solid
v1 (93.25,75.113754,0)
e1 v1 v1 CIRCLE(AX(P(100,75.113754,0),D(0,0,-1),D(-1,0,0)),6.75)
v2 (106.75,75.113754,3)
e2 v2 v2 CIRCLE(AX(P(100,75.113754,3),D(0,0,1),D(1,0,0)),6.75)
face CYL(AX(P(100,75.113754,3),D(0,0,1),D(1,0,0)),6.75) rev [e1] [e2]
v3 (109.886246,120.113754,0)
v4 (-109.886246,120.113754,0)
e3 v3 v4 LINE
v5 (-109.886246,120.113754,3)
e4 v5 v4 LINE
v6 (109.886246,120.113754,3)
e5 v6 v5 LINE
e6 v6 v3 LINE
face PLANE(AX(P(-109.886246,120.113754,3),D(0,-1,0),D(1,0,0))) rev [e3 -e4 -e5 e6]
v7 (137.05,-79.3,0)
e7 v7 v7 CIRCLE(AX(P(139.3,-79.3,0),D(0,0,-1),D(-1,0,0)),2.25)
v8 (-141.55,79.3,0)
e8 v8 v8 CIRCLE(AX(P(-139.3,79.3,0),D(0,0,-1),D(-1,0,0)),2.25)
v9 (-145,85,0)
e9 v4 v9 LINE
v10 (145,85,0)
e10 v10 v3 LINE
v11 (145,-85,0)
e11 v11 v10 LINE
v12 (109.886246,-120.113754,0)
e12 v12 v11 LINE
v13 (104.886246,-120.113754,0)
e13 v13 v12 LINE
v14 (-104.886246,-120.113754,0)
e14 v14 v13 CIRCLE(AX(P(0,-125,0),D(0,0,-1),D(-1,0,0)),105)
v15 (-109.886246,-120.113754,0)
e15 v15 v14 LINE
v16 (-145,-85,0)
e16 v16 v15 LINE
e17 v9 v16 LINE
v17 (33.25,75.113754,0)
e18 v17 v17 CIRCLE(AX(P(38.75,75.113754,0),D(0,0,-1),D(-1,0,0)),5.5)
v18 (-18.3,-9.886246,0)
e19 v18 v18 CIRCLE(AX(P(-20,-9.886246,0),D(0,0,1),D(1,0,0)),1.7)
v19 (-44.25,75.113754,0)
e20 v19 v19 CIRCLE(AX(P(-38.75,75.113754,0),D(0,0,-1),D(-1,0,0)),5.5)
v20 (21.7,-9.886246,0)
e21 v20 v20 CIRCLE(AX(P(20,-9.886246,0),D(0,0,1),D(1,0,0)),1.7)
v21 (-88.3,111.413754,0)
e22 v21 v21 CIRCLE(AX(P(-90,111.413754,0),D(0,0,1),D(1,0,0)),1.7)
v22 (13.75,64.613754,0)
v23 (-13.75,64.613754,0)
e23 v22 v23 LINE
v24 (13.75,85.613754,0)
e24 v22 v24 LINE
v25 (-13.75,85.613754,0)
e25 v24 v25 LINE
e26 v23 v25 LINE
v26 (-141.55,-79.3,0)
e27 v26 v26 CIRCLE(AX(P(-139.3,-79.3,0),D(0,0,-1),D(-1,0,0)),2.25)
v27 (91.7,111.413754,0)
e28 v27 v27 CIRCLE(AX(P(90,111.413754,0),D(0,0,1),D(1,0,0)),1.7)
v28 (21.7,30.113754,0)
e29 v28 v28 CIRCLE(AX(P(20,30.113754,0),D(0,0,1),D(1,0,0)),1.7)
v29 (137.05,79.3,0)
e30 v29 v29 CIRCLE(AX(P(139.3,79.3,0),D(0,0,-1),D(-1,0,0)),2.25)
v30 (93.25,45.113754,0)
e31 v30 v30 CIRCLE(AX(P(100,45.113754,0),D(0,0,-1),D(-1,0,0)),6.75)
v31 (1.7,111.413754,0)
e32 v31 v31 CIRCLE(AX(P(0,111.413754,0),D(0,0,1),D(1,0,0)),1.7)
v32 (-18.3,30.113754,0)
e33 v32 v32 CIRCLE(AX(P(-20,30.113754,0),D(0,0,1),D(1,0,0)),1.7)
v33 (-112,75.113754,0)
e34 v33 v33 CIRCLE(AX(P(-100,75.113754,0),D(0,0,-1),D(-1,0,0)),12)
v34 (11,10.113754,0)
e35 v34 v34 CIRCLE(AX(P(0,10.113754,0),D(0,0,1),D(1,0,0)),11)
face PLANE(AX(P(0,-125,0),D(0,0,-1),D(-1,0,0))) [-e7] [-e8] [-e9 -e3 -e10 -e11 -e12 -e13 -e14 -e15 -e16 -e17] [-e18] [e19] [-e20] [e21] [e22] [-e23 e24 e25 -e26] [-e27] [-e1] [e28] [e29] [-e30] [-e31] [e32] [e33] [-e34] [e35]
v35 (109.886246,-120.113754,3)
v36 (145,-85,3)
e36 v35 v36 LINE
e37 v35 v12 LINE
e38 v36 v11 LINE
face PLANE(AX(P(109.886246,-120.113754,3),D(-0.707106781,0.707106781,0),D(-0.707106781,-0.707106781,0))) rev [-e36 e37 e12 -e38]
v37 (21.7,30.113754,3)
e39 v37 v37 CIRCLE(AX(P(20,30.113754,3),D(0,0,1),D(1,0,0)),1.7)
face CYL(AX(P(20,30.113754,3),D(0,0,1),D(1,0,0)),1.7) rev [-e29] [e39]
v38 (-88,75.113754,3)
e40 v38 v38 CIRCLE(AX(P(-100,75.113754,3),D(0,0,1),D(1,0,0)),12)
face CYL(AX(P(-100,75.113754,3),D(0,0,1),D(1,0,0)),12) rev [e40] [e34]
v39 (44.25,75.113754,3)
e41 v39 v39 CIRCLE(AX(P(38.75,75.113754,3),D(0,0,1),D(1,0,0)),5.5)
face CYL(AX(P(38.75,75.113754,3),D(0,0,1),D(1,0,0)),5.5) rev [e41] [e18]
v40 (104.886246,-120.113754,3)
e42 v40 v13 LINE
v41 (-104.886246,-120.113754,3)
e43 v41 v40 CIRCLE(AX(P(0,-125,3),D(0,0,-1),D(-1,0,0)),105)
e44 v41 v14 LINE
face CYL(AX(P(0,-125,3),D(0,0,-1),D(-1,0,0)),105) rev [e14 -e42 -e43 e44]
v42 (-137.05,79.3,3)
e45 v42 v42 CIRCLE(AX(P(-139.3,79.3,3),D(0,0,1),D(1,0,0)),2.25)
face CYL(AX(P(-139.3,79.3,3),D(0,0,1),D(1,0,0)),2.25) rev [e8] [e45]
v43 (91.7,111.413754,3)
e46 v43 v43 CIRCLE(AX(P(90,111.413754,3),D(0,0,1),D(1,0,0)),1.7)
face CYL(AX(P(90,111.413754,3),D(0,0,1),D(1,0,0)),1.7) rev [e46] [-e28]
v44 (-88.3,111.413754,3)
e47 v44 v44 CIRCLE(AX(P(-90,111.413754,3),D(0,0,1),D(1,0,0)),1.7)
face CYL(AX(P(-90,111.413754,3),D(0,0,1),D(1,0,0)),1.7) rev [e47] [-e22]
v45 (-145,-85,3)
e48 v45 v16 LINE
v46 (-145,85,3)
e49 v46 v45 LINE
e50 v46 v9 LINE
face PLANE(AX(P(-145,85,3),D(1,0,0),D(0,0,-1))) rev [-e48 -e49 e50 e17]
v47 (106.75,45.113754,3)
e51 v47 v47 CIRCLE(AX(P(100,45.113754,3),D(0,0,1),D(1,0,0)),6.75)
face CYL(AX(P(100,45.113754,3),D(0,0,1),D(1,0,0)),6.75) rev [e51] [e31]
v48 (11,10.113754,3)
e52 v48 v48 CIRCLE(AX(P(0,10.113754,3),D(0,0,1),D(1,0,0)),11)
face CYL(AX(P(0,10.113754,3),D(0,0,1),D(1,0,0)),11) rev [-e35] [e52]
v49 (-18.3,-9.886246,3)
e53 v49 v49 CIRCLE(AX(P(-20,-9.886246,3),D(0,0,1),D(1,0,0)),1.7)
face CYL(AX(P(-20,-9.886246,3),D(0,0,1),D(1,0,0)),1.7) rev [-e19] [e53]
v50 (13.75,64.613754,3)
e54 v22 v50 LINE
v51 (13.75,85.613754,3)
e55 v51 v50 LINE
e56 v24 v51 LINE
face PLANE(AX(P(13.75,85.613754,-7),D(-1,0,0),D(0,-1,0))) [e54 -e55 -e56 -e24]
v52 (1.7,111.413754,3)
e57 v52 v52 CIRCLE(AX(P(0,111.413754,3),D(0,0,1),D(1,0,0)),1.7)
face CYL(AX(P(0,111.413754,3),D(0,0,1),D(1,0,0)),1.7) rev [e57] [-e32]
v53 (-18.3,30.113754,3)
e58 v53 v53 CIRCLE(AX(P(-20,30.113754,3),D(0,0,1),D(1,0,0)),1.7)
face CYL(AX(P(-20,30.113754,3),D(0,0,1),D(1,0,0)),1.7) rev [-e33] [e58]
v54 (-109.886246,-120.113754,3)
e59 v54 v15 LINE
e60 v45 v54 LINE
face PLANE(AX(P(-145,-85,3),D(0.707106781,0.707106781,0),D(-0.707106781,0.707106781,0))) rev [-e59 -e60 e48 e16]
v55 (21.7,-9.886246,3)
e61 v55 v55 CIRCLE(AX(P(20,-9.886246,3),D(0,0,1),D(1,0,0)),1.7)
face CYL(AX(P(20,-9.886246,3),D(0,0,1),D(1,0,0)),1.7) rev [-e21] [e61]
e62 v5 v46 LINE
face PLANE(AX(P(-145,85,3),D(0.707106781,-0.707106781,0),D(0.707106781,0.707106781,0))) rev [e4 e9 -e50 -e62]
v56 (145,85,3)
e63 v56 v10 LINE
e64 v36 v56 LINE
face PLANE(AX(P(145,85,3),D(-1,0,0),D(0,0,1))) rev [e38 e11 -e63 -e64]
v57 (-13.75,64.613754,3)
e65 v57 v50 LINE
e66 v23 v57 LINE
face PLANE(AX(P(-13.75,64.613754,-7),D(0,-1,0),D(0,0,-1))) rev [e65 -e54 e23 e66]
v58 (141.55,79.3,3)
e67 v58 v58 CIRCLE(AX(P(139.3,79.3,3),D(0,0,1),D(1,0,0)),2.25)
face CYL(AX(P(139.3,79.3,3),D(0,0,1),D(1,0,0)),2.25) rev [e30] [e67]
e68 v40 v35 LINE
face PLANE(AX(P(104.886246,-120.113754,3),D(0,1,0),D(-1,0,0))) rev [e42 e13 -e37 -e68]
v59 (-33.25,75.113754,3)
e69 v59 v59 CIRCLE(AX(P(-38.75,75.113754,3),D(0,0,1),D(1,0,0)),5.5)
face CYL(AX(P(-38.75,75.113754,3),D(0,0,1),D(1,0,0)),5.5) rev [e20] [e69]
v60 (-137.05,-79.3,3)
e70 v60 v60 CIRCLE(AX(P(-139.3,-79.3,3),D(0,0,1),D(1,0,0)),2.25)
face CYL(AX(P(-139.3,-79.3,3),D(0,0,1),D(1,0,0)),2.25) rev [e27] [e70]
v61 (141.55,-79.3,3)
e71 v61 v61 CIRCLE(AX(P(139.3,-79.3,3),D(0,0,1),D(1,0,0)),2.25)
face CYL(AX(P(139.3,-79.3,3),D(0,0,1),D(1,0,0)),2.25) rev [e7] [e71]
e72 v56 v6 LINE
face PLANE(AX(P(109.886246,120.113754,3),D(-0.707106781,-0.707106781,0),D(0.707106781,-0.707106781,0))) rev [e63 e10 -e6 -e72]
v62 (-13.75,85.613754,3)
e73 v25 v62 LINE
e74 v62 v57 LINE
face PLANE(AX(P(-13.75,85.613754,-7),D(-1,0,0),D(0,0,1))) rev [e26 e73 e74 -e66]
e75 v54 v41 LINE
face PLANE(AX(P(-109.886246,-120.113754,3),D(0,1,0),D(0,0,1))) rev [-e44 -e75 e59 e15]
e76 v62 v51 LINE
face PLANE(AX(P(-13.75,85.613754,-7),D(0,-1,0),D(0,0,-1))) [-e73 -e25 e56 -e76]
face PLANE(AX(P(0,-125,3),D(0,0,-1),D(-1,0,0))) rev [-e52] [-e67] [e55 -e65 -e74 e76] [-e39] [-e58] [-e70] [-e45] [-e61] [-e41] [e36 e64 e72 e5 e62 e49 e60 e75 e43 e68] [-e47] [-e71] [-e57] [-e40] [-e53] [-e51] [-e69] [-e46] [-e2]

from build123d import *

# Parameters (mm, degrees)
BOSS_EXTRU_1_DEPTH      = 3
D_GAGEMENT_M42_D        = 4.5
D_GAGEMENT_M42_DEPTH    = 10
D_GAGEMENT_M42_TIP      = 1.351936393
D_GAGEMENT_M221_D       = 24
D_GAGEMENT_M221_DEPTH   = 10
D_GAGEMENT_M221_TIP     = 7.210327428
D_GAGEMENT_M121_D       = 13.5
D_GAGEMENT_M121_DEPTH   = 10
D_GAGEMENT_M121_TIP     = 4.055809178
D_GAGEMENT_M101_D       = 11
D_GAGEMENT_M101_DEPTH   = 10
D_GAGEMENT_M101_TIP     = 3.304733405
ESQUISSE26_W            = 27.5
ESQUISSE26_H            = 21
ENL_V_MAT_EXTRU_1_DEPTH = 10
D_GAGEMENT_M31_D        = 3.4
D_GAGEMENT_M201_D       = 22
D_GAGEMENT_M33_D        = 3.4


with BuildPart() as part:
    # Esquisse1 → Boss.-Extru.1 (new body)
    with BuildSketch(Plane.XY):
        with BuildLine():
            Line((-145, 85), (-109.886246, 120.113754))
            Line((-109.886246, 120.113754), (109.886246, 120.113754))
            Line((109.886246, 120.113754), (145, 85))
            Line((145, 85), (145, -85))
            Line((145, -85), (109.886246, -120.113754))
            Line((109.886246, -120.113754), (104.886246, -120.113754))
            ThreePointArc((104.886246, -120.113754), (0, -20), (-104.886246, -120.113754))
            Line((-104.886246, -120.113754), (-109.886246, -120.113754))
            Line((-109.886246, -120.113754), (-145, -85))
            Line((-145, -85), (-145, 85))
        make_face()
    extrude(amount=BOSS_EXTRU_1_DEPTH)

    # Dégagement M42
    with Locations(Plane.XY.offset(3)):
        with Locations((-139.3, 79.3), (-139.3, -79.3), (139.3, -79.3), (139.3, 79.3)):
            Hole(D_GAGEMENT_M42_D / 2, depth=D_GAGEMENT_M42_DEPTH)
            with Locations((0, 0, -(D_GAGEMENT_M42_DEPTH + D_GAGEMENT_M42_TIP / 2))):  # 118° drill point
                Cone(0, D_GAGEMENT_M42_D / 2, D_GAGEMENT_M42_TIP, mode=Mode.SUBTRACT)

    # Dégagement M221
    with Locations(Plane.XY.offset(3)):
        with Locations((-100, 75.113754)):
            Hole(D_GAGEMENT_M221_D / 2, depth=D_GAGEMENT_M221_DEPTH)
            with Locations((0, 0, -(D_GAGEMENT_M221_DEPTH + D_GAGEMENT_M221_TIP / 2))):  # 118° drill point
                Cone(0, D_GAGEMENT_M221_D / 2, D_GAGEMENT_M221_TIP, mode=Mode.SUBTRACT)

    # Dégagement M121
    with Locations(Plane.XY.offset(3)):
        with Locations((100, 75.113754), (100, 45.113754)):
            Hole(D_GAGEMENT_M121_D / 2, depth=D_GAGEMENT_M121_DEPTH)
            with Locations((0, 0, -(D_GAGEMENT_M121_DEPTH + D_GAGEMENT_M121_TIP / 2))):  # 118° drill point
                Cone(0, D_GAGEMENT_M121_D / 2, D_GAGEMENT_M121_TIP, mode=Mode.SUBTRACT)

    # Dégagement M101
    with Locations(Plane.XY.offset(3)):
        with Locations((-38.75, 75.113754), (38.75, 75.113754)):
            Hole(D_GAGEMENT_M101_D / 2, depth=D_GAGEMENT_M101_DEPTH)
            with Locations((0, 0, -(D_GAGEMENT_M101_DEPTH + D_GAGEMENT_M101_TIP / 2))):  # 118° drill point
                Cone(0, D_GAGEMENT_M101_D / 2, D_GAGEMENT_M101_TIP, mode=Mode.SUBTRACT)

    # Esquisse26 → Enlèv. mat.-Extru.1 (cut)
    with BuildSketch(Plane.XY.offset(3)):
        with Locations((0, 75.113754)):
            Rectangle(ESQUISSE26_W, ESQUISSE26_H)
    extrude(amount=-ENL_V_MAT_EXTRU_1_DEPTH, mode=Mode.SUBTRACT)

    # Dégagement M31 (through all)
    with Locations(Plane.XY.offset(3)):
        with Locations((0, 111.413754), (-90, 111.413754), (90, 111.413754)):
            Hole(D_GAGEMENT_M31_D / 2)

    # Dégagement M201 (through all)
    with Locations(Plane.XY.offset(3)):
        with Locations((0, 10.113754)):
            Hole(D_GAGEMENT_M201_D / 2)

    # Dégagement M33 (through all)
    with Locations(Plane.XY.offset(3)):
        with Locations((-20, 30.113754), (20, 30.113754), (20, -9.886246), (-20, -9.886246)):
            Hole(D_GAGEMENT_M33_D / 2)


solid = part.part
